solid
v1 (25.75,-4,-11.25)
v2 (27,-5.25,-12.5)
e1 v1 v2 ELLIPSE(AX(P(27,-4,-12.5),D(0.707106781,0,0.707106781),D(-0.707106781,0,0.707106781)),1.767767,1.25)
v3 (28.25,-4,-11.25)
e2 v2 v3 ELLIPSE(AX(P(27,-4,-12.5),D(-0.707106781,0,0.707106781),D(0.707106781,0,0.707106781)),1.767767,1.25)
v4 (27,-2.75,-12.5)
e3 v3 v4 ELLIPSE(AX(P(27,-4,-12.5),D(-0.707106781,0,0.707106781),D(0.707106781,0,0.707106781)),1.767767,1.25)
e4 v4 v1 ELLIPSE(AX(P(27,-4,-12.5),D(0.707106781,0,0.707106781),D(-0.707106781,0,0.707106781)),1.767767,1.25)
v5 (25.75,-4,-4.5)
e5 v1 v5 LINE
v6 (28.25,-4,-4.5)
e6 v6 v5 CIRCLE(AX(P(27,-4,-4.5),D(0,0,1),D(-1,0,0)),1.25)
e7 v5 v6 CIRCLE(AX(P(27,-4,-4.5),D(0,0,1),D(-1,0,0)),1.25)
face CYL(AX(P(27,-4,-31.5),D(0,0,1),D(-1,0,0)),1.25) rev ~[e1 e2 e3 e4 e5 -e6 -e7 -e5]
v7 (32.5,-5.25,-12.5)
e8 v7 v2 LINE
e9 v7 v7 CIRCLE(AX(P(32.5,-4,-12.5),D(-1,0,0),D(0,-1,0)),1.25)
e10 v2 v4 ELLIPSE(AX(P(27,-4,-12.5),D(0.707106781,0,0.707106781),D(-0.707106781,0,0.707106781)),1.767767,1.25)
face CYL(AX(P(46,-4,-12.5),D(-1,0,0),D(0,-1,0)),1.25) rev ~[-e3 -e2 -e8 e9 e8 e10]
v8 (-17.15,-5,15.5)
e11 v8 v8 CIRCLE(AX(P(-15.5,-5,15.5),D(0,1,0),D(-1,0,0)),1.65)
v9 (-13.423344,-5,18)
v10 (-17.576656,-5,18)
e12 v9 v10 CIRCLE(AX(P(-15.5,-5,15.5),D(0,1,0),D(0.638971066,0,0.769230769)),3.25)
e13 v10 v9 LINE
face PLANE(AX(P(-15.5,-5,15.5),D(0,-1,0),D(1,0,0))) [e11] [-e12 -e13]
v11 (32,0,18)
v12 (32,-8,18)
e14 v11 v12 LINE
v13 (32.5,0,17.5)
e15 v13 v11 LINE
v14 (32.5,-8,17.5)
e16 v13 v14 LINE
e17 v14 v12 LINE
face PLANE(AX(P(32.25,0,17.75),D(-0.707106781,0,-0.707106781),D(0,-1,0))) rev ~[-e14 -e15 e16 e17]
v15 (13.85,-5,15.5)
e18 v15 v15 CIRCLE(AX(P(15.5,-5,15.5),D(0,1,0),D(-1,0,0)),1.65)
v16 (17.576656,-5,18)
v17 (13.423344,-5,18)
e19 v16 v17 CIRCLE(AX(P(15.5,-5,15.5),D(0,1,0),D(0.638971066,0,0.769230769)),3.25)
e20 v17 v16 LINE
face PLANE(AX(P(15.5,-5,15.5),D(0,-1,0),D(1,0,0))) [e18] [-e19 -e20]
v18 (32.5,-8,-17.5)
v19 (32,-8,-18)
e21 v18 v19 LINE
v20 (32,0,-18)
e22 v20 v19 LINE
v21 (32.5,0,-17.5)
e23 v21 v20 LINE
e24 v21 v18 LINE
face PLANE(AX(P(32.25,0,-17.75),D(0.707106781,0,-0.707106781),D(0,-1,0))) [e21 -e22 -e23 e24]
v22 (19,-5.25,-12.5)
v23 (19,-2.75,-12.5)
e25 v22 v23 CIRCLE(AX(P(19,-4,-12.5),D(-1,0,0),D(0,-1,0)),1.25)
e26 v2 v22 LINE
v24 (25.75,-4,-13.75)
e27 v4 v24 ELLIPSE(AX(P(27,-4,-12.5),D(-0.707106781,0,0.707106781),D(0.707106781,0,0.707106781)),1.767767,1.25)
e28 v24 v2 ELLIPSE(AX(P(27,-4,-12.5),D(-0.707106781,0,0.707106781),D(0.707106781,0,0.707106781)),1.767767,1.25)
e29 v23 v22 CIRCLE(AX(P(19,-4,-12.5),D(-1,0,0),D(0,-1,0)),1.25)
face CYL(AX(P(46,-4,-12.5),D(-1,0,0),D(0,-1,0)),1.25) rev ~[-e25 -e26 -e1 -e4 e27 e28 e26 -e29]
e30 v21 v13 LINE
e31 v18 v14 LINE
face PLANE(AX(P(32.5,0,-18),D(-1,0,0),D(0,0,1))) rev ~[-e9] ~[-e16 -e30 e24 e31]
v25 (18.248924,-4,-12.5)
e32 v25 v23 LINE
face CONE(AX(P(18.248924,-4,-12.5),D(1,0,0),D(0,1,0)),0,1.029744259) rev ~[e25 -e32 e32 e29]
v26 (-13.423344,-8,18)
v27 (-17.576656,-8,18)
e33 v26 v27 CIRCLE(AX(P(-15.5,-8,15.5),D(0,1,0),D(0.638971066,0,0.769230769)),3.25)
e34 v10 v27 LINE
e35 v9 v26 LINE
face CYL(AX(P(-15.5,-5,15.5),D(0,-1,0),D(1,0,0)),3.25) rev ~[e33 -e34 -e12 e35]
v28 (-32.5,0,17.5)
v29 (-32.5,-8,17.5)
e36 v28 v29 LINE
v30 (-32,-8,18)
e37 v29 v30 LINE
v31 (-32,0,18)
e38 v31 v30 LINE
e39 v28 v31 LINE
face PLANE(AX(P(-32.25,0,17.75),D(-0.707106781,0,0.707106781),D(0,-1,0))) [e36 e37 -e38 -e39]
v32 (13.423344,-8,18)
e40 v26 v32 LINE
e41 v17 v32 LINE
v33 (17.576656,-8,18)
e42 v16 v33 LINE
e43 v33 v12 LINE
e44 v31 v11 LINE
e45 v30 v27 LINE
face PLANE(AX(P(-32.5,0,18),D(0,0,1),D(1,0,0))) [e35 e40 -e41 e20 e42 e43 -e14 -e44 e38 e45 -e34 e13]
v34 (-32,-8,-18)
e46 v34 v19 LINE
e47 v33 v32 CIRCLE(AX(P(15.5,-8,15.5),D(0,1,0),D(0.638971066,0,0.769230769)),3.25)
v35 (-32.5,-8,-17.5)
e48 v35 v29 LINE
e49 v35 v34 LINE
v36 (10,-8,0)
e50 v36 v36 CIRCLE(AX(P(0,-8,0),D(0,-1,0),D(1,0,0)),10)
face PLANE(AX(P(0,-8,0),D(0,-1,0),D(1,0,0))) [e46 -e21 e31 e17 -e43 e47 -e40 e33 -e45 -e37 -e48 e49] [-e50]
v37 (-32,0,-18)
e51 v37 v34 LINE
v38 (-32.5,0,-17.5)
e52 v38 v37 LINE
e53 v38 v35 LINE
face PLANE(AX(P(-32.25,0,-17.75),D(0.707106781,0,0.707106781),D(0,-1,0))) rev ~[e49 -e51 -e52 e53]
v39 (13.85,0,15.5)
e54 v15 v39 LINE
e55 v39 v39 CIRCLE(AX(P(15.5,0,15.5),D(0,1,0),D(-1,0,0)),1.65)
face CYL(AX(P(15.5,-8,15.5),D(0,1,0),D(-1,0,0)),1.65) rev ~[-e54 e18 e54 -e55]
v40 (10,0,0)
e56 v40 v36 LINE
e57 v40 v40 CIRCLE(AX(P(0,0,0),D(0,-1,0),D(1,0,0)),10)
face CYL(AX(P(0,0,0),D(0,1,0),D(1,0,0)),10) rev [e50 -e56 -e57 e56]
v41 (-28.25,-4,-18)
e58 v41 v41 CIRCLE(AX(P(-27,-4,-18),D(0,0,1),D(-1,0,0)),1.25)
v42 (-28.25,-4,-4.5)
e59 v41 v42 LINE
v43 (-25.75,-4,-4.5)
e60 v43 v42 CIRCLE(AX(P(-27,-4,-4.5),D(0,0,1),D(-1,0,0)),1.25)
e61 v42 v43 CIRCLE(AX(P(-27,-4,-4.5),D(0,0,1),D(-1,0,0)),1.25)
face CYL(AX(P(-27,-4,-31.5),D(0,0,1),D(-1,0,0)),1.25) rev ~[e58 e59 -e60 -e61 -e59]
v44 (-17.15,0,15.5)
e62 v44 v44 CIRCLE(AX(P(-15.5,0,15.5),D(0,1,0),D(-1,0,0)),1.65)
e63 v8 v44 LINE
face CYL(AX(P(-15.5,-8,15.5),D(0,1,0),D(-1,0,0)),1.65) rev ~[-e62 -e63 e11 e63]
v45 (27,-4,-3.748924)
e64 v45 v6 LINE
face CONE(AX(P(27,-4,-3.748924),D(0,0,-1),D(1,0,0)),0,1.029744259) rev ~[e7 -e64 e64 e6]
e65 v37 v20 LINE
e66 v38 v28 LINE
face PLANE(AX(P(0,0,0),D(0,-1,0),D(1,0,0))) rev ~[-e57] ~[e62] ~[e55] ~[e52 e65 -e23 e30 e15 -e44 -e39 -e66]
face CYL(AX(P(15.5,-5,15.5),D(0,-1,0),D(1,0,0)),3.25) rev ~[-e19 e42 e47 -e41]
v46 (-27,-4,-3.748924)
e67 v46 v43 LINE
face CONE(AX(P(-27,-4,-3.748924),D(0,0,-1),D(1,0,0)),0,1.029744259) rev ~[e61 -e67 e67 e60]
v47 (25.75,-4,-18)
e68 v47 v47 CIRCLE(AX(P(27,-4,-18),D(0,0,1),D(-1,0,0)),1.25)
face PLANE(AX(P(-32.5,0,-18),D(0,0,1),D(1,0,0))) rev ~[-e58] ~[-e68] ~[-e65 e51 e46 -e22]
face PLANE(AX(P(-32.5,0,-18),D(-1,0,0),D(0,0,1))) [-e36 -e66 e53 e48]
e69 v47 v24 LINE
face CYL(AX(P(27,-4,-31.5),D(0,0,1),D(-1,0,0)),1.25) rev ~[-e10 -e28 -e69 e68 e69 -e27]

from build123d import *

# Parameters (mm, degrees)
F0_W           = 65
F0_H           = 36
F0_R           = 10
F1_DEPTH       = 8
F3_D           = 3.3
F3_CBORE_D     = 6.5
F3_CBORE_DEPTH = 3
F4_SIZE        = 0.5
F6_D           = 2.5
F6_DEPTH       = 13.5
F6_TIP         = 0.7510757738
F8_D           = 2.5
F8_DEPTH       = 13.5
F8_TIP         = 0.7510757738


with BuildPart() as f1:
    # F0 (on Front) → F1 (new body)
    with BuildSketch(Plane.XZ):
        Rectangle(F0_W, F0_H)
        Circle(F0_R, mode=Mode.SUBTRACT)
    extrude(amount=F1_DEPTH)

    # F3 (through all)
    with Locations(Plane.XZ.offset(8)):
        with Locations((15.5, 15.5), (-15.5, 15.5)):
            CounterBoreHole(F3_D / 2, F3_CBORE_D / 2, F3_CBORE_DEPTH)

    # F4
    f4_edges = [f1.edges().sort_by_distance(p)[0] for p in [
        (-32.5, -4, 18),
        (32.5, -4, 18),
        (32.5, -4, -18),
        (-32.5, -4, -18),
    ]]
    chamfer(f4_edges, length=F4_SIZE)

    # F6
    with Locations(Plane(origin=(0, 0, -18), x_dir=(1, 0, 0), z_dir=(0, 0, -1))):
        with Locations((27, 4), (-27, 4)):
            Hole(F6_D / 2, depth=F6_DEPTH)
            with Locations((0, 0, -(F6_DEPTH + F6_TIP / 2))):  # 118° drill point
                Cone(0, F6_D / 2, F6_TIP, mode=Mode.SUBTRACT)

    # F8
    with Locations(Plane.YZ.offset(32.5)):
        with Locations((-4, -12.5)):
            Hole(F8_D / 2, depth=F8_DEPTH)
            with Locations((0, 0, -(F8_DEPTH + F8_TIP / 2))):  # 118° drill point
                Cone(0, F8_D / 2, F8_TIP, mode=Mode.SUBTRACT)


solid = f1.part
